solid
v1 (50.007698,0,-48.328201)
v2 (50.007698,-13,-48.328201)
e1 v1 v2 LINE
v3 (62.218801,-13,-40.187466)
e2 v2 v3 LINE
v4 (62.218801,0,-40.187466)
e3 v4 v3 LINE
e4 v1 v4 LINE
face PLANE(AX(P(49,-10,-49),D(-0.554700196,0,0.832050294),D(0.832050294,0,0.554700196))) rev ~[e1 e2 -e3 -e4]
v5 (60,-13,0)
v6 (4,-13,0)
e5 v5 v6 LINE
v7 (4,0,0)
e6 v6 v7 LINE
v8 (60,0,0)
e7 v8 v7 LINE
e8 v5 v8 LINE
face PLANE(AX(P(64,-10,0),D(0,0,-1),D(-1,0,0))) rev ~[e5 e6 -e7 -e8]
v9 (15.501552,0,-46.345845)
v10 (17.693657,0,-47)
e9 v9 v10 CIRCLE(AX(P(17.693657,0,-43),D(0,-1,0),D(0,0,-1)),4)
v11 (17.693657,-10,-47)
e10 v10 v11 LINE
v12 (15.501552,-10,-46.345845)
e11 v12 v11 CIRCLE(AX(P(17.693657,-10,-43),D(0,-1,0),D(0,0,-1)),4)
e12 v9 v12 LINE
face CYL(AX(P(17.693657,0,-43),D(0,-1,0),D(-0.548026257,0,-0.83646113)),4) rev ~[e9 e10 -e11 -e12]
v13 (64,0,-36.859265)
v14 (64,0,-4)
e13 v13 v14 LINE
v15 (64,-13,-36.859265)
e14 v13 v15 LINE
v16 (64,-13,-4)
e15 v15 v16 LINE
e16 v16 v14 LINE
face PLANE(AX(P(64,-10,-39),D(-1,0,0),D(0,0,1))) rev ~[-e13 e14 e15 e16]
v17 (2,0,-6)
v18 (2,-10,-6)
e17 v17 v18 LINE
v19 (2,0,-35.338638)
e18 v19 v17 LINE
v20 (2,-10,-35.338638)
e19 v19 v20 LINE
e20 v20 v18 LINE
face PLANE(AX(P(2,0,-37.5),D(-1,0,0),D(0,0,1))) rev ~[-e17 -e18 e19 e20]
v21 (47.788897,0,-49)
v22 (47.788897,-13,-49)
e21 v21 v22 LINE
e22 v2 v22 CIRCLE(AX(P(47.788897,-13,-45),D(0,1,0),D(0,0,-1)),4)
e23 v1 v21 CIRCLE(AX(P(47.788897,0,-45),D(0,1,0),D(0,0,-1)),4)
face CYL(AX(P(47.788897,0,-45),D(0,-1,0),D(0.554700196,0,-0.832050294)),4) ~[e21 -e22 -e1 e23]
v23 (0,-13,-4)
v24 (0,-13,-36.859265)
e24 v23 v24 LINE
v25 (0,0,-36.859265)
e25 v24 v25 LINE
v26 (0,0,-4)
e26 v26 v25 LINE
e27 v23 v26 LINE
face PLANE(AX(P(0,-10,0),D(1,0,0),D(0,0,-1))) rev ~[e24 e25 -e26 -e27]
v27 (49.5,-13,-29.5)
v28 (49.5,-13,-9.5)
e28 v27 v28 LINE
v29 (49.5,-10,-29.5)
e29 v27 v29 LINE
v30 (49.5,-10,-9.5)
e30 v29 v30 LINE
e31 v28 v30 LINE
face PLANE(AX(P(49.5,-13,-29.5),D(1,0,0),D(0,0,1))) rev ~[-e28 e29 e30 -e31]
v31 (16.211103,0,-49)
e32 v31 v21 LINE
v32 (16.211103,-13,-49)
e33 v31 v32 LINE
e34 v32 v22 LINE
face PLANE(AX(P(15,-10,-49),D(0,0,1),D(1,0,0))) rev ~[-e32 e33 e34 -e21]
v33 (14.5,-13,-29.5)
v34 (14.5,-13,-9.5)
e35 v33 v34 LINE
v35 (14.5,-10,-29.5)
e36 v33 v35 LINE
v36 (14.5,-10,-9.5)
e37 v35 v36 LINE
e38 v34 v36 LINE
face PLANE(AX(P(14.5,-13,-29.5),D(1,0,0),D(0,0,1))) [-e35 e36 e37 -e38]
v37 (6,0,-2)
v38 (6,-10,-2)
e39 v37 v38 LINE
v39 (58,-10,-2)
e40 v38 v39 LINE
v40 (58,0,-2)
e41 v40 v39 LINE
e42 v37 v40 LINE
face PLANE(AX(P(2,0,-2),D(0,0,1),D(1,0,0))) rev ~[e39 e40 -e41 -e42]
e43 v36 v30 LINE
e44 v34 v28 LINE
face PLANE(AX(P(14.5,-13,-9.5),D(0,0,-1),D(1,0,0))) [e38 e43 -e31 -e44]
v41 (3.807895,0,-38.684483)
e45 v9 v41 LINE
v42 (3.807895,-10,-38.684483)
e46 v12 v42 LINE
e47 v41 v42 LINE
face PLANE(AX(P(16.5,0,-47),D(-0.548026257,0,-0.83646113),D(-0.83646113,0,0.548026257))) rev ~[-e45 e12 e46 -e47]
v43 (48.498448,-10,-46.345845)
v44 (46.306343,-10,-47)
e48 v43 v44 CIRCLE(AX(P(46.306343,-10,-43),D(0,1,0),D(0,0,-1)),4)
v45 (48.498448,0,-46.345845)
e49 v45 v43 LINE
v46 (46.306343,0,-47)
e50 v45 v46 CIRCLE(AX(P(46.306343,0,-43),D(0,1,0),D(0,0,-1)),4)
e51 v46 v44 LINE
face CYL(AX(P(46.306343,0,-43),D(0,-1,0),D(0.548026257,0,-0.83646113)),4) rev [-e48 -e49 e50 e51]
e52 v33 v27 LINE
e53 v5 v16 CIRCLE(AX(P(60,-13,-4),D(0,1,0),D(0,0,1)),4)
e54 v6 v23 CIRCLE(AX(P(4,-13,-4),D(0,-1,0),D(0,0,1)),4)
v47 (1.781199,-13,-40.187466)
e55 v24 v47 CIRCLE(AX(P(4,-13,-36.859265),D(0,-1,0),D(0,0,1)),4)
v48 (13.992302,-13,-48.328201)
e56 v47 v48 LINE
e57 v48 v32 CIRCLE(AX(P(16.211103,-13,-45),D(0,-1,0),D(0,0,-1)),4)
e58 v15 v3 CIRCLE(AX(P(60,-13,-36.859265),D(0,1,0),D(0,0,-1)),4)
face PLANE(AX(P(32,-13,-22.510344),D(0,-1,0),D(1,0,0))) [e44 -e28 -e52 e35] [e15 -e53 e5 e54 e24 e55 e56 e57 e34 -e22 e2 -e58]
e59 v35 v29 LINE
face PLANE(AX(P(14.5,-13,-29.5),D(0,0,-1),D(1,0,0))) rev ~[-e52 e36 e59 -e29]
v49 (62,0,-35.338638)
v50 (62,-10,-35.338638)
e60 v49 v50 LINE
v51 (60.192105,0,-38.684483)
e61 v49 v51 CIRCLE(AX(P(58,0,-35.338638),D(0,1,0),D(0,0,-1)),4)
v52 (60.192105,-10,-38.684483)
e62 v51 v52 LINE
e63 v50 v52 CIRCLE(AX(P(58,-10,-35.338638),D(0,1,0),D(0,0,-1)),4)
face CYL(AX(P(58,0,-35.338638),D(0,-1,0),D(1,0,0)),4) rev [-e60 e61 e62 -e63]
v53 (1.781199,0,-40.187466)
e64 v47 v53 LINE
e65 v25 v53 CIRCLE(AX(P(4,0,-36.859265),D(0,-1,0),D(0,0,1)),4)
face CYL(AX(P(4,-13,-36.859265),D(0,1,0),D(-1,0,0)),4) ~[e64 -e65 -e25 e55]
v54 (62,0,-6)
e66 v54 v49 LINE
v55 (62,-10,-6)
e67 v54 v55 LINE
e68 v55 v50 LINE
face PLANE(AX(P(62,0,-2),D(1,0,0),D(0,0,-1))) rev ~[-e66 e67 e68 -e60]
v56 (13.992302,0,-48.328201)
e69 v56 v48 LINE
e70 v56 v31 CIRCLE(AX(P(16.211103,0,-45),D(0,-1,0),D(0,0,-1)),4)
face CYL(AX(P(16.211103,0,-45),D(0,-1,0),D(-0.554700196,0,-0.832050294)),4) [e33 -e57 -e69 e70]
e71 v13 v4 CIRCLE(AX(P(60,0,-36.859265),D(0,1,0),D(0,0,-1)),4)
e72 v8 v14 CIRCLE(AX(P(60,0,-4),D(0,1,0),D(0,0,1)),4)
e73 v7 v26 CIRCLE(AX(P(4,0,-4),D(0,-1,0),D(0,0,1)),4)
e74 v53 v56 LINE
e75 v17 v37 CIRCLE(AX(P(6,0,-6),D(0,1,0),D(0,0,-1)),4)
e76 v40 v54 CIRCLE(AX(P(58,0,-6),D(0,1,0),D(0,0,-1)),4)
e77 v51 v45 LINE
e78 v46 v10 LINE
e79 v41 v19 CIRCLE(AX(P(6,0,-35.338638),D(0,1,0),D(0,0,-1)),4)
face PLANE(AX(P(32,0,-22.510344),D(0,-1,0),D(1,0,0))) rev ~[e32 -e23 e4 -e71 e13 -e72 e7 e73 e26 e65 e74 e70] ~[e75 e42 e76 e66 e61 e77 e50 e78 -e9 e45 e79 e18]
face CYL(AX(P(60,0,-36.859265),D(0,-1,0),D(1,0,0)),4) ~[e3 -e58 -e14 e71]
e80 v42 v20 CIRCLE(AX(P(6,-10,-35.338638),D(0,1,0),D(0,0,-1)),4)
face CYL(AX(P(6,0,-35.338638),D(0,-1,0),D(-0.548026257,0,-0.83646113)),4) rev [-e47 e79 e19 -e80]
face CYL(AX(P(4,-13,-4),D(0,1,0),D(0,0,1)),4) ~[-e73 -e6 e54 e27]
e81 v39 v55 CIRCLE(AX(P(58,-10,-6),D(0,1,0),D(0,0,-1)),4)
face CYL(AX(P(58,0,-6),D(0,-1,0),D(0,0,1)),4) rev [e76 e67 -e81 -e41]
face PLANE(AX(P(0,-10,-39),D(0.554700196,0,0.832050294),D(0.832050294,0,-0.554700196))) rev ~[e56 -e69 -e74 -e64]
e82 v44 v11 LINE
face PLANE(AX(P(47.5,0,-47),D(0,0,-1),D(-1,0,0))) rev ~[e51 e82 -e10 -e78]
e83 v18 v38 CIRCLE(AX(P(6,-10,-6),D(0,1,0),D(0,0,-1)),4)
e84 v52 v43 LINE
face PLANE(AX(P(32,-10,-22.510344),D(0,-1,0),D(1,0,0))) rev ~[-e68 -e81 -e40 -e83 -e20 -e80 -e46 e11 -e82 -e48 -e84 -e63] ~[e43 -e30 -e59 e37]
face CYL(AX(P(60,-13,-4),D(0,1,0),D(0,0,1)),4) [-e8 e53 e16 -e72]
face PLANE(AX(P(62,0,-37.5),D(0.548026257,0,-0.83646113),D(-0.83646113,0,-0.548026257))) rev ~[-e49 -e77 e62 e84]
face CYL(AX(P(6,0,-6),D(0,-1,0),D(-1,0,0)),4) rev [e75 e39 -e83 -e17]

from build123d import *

# Parameters (mm, degrees)
F1_DEPTH = 10
F3_DEPTH = 3
F4_W     = 35
F4_H     = 20
F5_DEPTH = 25
F6_R     = 4
F7_R     = 4
F8_R     = 4


with BuildPart() as f1:
    # F0 (on Front) → F1 (new body)
    with BuildSketch(Plane.XZ):
        Polygon((64, 0), (0, 0), (0, -2), (0, -39), (15, -49), (32, -49), (49, -49), (64, -39), align=None)
        Polygon((2, -37.5), (2, -2), (62, -2), (62, -37.5), (47.5, -47), (32, -47), (16.5, -47), align=None, mode=Mode.SUBTRACT)
    extrude(amount=F1_DEPTH)

    # F2 (on face) → F3 (join)
    with BuildSketch(Plane.XZ.offset(10)):
        Polygon((0, -39), (15, -49), (49, -49), (64, -39), (64, 0), (0, 0), align=None)
    extrude(amount=F3_DEPTH)

    # F4 (on face) → F5 (cut)
    with BuildSketch(Plane.XZ.offset(13)):
        with Locations((32, -19.5)):
            Rectangle(F4_W, F4_H)
    extrude(amount=-F5_DEPTH, mode=Mode.SUBTRACT)

    # F6
    f6_edges = [f1.edges().sort_by_distance(p)[0] for p in [
        (64, -6.5, 0),
    ]]
    fillet(f6_edges, radius=F6_R)

    # F7
    f7_edges = [f1.edges().sort_by_distance(p)[0] for p in [
        (0, -6.5, 0),
        (64, -6.5, -39),
        (49, -6.5, -49),
        (15, -6.5, -49),
        (0, -6.5, -39),
    ]]
    fillet(f7_edges, radius=F7_R)

    # F8
    f8_edges = [f1.edges().sort_by_distance(p)[0] for p in [
        (2, -5, -2),
        (2, -5, -37.5),
        (62, -5, -2),
        (62, -5, -37.5),
        (47.5, -5, -47),
        (16.5, -5, -47),
    ]]
    fillet(f8_edges, radius=F8_R)


solid = f1.part
